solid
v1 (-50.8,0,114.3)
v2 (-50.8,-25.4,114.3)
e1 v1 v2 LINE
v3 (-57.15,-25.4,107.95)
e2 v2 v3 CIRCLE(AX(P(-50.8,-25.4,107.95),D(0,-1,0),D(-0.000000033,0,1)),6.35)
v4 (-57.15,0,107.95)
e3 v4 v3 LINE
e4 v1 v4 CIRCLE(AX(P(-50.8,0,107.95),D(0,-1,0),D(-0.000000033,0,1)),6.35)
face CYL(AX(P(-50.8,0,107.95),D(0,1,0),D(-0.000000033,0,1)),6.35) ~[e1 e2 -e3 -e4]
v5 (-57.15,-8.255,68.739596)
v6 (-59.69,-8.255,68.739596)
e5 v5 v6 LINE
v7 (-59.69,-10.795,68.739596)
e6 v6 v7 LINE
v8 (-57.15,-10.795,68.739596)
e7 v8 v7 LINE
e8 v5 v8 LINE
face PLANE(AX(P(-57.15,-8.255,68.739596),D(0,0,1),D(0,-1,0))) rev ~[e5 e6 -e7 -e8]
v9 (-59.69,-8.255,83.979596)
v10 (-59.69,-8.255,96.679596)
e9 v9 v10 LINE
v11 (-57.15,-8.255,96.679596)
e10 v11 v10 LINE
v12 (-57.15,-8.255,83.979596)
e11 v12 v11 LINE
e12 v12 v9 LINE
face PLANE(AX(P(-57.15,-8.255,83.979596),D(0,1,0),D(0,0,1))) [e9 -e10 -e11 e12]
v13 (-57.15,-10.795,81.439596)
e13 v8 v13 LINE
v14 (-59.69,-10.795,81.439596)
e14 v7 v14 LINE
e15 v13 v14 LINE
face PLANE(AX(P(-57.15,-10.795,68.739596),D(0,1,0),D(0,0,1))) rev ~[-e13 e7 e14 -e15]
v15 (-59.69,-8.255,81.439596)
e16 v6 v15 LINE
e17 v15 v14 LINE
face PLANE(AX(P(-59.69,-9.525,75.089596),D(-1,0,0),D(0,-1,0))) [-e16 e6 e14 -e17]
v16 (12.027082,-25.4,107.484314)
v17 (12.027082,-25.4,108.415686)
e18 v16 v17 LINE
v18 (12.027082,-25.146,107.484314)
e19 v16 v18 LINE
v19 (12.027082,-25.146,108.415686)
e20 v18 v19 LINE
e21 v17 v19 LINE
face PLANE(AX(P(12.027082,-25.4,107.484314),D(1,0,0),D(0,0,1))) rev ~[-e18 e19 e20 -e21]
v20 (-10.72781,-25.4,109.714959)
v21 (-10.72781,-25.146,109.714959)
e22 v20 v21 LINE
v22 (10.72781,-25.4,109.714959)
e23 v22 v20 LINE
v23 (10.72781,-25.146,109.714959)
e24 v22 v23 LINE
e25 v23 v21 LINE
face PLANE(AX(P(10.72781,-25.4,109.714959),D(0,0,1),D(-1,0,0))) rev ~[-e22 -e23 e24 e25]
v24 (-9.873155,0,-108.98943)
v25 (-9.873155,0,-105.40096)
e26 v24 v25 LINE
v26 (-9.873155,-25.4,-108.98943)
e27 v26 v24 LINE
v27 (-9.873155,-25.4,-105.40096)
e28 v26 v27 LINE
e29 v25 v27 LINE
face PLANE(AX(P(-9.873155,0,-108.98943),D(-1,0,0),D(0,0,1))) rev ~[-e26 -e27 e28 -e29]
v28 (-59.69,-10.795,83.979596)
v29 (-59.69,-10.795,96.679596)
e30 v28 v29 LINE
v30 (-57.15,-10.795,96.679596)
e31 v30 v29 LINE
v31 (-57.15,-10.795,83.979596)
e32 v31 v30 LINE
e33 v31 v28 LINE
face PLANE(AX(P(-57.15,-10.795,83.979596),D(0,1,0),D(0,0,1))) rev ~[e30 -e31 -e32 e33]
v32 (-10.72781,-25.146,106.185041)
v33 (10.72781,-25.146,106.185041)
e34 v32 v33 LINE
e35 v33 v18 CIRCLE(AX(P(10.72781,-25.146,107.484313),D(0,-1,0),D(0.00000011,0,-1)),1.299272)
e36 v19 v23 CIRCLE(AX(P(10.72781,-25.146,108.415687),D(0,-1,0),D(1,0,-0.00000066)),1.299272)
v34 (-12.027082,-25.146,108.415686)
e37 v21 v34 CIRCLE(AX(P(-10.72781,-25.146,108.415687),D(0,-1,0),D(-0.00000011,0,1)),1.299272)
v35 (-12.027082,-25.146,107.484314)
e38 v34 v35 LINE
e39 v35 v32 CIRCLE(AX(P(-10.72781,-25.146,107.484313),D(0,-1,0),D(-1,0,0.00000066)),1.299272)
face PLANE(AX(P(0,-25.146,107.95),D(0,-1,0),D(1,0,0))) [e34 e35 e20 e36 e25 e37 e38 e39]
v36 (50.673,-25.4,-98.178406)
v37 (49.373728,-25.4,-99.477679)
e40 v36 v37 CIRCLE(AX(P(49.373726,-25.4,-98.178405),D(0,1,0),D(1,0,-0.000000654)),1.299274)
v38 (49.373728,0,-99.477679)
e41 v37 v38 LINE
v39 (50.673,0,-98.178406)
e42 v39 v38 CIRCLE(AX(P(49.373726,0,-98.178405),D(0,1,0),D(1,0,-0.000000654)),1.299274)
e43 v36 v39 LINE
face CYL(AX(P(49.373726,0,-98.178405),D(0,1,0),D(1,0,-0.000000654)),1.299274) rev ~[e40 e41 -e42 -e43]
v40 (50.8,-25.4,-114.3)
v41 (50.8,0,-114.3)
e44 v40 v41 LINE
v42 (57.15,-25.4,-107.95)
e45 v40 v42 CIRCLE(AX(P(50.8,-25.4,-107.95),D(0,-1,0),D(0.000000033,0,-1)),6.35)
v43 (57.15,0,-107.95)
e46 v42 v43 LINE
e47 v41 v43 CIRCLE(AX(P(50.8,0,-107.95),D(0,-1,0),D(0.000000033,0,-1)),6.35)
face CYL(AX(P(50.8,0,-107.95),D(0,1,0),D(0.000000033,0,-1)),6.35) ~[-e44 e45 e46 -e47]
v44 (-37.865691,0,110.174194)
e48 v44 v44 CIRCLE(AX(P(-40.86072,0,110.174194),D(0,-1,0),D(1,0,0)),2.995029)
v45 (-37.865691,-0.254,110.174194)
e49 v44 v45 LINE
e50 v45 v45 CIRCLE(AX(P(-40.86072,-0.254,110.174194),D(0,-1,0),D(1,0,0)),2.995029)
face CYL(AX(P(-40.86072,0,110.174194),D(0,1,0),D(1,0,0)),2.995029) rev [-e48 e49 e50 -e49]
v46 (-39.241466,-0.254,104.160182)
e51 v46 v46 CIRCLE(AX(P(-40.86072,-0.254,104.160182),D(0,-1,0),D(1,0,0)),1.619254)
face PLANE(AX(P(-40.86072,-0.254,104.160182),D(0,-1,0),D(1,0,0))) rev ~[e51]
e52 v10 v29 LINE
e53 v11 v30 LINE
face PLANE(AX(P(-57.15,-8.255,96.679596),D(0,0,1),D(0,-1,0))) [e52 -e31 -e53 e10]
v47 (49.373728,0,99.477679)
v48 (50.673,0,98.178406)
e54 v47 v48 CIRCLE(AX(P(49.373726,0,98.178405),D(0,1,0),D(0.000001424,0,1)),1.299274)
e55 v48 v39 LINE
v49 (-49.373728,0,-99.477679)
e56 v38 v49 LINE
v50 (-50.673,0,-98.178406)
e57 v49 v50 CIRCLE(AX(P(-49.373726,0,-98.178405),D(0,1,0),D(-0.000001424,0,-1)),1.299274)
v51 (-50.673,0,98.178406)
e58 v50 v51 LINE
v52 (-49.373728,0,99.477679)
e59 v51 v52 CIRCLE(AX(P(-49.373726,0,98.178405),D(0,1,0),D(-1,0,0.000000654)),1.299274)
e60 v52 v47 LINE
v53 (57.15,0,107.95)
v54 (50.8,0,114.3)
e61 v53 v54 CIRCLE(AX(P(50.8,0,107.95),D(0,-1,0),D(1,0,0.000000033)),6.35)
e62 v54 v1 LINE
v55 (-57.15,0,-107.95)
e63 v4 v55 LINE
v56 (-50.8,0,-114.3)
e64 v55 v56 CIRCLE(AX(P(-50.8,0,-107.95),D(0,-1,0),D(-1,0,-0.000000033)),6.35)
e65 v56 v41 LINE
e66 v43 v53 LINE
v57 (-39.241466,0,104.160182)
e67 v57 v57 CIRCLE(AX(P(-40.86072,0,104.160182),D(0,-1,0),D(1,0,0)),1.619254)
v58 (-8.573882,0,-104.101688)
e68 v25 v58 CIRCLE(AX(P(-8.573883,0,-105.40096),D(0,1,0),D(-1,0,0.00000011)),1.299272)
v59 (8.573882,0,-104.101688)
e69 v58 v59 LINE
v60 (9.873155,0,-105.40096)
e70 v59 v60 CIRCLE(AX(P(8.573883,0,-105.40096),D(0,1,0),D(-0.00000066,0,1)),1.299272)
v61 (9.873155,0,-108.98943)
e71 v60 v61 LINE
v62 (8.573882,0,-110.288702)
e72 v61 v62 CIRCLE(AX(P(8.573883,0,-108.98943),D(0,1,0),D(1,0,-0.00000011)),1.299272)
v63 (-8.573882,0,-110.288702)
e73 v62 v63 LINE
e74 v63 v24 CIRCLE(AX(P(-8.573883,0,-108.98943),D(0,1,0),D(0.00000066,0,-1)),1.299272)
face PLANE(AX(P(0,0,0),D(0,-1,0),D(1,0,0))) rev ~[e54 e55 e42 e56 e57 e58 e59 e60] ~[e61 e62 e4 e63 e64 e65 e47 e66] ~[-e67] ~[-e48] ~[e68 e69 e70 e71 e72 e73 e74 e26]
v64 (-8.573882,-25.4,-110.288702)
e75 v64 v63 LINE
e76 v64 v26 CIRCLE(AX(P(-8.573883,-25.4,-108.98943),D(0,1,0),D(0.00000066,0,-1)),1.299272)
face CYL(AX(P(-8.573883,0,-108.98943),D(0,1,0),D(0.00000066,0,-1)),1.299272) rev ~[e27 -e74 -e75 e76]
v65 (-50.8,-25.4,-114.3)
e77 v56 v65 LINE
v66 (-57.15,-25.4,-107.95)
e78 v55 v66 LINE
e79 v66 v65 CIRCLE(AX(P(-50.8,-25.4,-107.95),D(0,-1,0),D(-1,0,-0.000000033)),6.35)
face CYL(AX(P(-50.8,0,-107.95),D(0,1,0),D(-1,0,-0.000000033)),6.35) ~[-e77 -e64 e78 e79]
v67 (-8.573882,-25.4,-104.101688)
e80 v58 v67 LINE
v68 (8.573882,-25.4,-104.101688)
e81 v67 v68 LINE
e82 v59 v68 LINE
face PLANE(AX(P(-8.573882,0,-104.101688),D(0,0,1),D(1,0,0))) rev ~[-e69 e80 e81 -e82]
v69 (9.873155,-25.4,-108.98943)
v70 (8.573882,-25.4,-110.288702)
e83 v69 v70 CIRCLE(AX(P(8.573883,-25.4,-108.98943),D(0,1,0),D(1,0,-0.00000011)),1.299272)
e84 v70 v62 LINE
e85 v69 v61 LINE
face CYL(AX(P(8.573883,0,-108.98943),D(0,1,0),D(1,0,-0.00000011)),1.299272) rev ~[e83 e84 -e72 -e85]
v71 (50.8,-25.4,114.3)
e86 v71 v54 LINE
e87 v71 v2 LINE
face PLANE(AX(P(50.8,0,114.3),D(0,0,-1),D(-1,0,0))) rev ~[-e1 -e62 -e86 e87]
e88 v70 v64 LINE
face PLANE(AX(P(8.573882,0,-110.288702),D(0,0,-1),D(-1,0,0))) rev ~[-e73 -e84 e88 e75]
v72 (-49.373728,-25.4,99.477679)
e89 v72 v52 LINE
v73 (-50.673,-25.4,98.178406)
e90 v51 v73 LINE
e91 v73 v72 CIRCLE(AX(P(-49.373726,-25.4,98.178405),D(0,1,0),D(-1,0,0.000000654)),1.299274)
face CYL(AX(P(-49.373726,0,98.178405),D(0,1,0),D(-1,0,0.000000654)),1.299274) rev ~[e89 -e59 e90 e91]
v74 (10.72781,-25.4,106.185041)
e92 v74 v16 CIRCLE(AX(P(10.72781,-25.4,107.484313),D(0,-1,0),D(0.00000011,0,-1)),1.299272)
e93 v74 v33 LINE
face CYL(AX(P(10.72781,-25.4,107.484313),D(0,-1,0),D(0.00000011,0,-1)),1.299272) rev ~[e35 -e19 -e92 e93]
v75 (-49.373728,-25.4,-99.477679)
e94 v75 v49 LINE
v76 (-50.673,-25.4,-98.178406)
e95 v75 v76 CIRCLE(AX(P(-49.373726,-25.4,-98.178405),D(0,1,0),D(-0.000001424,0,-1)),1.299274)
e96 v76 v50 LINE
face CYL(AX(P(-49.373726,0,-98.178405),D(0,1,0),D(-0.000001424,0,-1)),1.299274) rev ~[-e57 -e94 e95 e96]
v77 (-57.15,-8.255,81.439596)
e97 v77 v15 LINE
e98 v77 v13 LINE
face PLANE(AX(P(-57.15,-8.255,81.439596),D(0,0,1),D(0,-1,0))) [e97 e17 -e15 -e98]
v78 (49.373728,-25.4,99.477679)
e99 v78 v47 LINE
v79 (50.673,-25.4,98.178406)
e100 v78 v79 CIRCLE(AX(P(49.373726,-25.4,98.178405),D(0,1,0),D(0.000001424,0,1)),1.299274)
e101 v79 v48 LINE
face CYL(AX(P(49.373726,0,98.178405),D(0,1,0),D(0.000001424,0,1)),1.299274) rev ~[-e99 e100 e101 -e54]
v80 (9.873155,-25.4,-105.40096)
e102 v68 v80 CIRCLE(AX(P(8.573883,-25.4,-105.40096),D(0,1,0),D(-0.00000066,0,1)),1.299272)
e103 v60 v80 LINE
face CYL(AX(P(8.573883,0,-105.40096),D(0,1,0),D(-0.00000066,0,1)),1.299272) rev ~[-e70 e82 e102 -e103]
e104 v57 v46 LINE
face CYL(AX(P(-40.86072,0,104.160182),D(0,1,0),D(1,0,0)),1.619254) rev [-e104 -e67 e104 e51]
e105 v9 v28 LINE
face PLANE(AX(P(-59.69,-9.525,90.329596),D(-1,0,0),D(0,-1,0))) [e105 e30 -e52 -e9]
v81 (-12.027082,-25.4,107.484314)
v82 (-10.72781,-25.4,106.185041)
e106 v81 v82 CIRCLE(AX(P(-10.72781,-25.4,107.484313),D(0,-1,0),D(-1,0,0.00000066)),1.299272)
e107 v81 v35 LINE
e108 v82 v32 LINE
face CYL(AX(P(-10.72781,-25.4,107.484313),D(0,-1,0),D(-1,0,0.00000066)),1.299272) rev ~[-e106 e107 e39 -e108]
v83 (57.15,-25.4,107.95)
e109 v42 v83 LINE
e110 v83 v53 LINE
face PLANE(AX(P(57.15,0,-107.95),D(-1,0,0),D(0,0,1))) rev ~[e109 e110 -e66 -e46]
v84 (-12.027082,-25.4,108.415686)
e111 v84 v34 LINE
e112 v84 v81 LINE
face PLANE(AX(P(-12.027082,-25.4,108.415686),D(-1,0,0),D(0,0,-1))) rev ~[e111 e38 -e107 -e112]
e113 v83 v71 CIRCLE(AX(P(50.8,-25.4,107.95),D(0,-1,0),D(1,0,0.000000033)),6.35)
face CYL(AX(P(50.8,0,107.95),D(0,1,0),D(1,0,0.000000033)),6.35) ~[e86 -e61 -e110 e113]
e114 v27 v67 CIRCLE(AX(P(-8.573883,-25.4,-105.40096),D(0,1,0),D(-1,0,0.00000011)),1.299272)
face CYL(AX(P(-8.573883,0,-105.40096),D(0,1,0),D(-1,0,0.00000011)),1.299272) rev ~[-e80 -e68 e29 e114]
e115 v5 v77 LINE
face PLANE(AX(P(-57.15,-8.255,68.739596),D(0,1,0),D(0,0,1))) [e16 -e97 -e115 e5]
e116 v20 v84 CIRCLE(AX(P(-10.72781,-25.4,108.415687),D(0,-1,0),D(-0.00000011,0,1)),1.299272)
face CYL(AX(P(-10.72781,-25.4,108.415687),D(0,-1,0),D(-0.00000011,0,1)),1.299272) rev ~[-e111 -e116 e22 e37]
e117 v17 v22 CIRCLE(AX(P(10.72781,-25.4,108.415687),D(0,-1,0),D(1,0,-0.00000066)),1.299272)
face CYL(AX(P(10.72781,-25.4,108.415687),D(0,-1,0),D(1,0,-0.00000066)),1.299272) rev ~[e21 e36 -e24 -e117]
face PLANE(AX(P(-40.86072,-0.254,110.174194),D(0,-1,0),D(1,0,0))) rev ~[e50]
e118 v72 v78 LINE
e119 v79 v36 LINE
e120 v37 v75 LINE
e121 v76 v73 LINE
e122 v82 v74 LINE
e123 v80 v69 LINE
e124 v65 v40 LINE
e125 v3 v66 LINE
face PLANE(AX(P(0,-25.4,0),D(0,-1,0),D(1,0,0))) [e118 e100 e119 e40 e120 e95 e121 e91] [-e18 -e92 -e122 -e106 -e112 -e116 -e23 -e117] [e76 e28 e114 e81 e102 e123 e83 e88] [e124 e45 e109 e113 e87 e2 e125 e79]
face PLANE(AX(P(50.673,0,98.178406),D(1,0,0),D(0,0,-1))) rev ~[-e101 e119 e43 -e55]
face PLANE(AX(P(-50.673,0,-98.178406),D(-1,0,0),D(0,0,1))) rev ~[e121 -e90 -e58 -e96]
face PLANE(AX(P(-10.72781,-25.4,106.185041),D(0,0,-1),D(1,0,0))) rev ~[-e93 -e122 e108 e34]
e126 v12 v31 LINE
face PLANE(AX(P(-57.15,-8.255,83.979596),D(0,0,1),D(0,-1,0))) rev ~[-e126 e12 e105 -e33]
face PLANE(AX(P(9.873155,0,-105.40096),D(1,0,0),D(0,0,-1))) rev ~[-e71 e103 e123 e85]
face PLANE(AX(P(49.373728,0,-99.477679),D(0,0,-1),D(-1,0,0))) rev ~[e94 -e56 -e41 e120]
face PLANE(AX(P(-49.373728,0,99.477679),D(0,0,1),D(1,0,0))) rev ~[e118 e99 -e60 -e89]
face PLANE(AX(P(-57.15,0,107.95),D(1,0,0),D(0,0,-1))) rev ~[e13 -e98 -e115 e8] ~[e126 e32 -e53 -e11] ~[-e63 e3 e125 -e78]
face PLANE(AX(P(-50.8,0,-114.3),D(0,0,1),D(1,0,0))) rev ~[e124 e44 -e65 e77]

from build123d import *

# Parameters (mm, degrees)
F1_DEPTH = 19.05
F2_W     = 2.54
F2_H     = 12.7
F3_DEPTH = 2.54
F4_DEPTH = 25.4
F5_DEPTH = 25.4
F7_DEPTH = 0.254
F8_R     = 2.995029
F8_R_2   = 1.619254
F9_DEPTH = 0.254


with BuildPart() as f1:
    # F0 (on Front) → F1 (new body)
    with BuildSketch(Plane.XZ):
        with BuildLine():
            Line((50.8, 114.3), (-50.8, 114.3))
            ThreePointArc((-50.8, 114.3), (-55.290128, 112.440128), (-57.15, 107.95))
            Line((-57.15, 107.95), (-57.15, -107.95))
            ThreePointArc((-57.15, -107.95), (-55.290128, -112.440128), (-50.8, -114.3))
            Line((-50.8, -114.3), (50.8, -114.3))
            ThreePointArc((50.8, -114.3), (55.290128, -112.440128), (57.15, -107.95))
            Line((57.15, -107.95), (57.15, 107.95))
            ThreePointArc((57.15, 107.95), (55.290128, 112.440128), (50.8, 114.3))
        make_face()
        with BuildLine():
            ThreePointArc((-9.873155, -105.40096), (-9.492607, -104.482236), (-8.573882, -104.101688))
            Line((-8.573882, -104.101688), (8.573882, -104.101688))
            ThreePointArc((8.573882, -104.101688), (9.492607, -104.482236), (9.873155, -105.40096))
            Line((9.873155, -105.40096), (9.873155, -108.98943))
            ThreePointArc((9.873155, -108.98943), (9.492607, -109.908154), (8.573882, -110.288702))
            Line((8.573882, -110.288702), (-8.573882, -110.288702))
            ThreePointArc((-8.573882, -110.288702), (-9.492607, -109.908154), (-9.873155, -108.98943))
            Line((-9.873155, -108.98943), (-9.873155, -105.40096))
        make_face(mode=Mode.SUBTRACT)
        with BuildLine():
            ThreePointArc((-50.673, 98.178406), (-50.292452, 99.09713), (-49.373728, 99.477679))
            Line((-49.373728, 99.477679), (49.373728, 99.477679))
            ThreePointArc((49.373728, 99.477679), (50.292452, 99.09713), (50.673, 98.178406))
            Line((50.673, 98.178406), (50.673, -98.178406))
            ThreePointArc((50.673, -98.178406), (50.292452, -99.09713), (49.373728, -99.477679))
            Line((49.373728, -99.477679), (-49.373728, -99.477679))
            ThreePointArc((-49.373728, -99.477679), (-50.292452, -99.09713), (-50.673, -98.178406))
            Line((-50.673, -98.178406), (-50.673, 98.178406))
        make_face(mode=Mode.SUBTRACT)
    extrude(amount=F1_DEPTH)

    # F2 (on face) → F3 (join)
    with BuildSketch(Plane(origin=(-57.15, 0, 0), x_dir=(0, -1, 0), z_dir=(-1, 0, 0))):
        with Locations((9.525, 90.329596)):
            Rectangle(F2_W, F2_H)
        with Locations((9.525, 75.089596)):
            Rectangle(F2_W, F2_H)
    extrude(amount=F3_DEPTH)

    # F0 (on Front) → F4 (join)
    with BuildSketch(Plane.XZ):
        with BuildLine():
            Line((50.8, 114.3), (-50.8, 114.3))
            ThreePointArc((-50.8, 114.3), (-55.290128, 112.440128), (-57.15, 107.95))
            Line((-57.15, 107.95), (-57.15, -107.95))
            ThreePointArc((-57.15, -107.95), (-55.290128, -112.440128), (-50.8, -114.3))
            Line((-50.8, -114.3), (50.8, -114.3))
            ThreePointArc((50.8, -114.3), (55.290128, -112.440128), (57.15, -107.95))
            Line((57.15, -107.95), (57.15, 107.95))
            ThreePointArc((57.15, 107.95), (55.290128, 112.440128), (50.8, 114.3))
        make_face()
        with BuildLine():
            ThreePointArc((-9.873155, -105.40096), (-9.492607, -104.482236), (-8.573882, -104.101688))
            Line((-8.573882, -104.101688), (8.573882, -104.101688))
            ThreePointArc((8.573882, -104.101688), (9.492607, -104.482236), (9.873155, -105.40096))
            Line((9.873155, -105.40096), (9.873155, -108.98943))
            ThreePointArc((9.873155, -108.98943), (9.492607, -109.908154), (8.573882, -110.288702))
            Line((8.573882, -110.288702), (-8.573882, -110.288702))
            ThreePointArc((-8.573882, -110.288702), (-9.492607, -109.908154), (-9.873155, -108.98943))
            Line((-9.873155, -108.98943), (-9.873155, -105.40096))
        make_face(mode=Mode.SUBTRACT)
        with BuildLine():
            ThreePointArc((-50.673, 98.178406), (-50.292452, 99.09713), (-49.373728, 99.477679))
            Line((-49.373728, 99.477679), (49.373728, 99.477679))
            ThreePointArc((49.373728, 99.477679), (50.292452, 99.09713), (50.673, 98.178406))
            Line((50.673, 98.178406), (50.673, -98.178406))
            ThreePointArc((50.673, -98.178406), (50.292452, -99.09713), (49.373728, -99.477679))
            Line((49.373728, -99.477679), (-49.373728, -99.477679))
            ThreePointArc((-49.373728, -99.477679), (-50.292452, -99.09713), (-50.673, -98.178406))
            Line((-50.673, -98.178406), (-50.673, 98.178406))
        make_face(mode=Mode.SUBTRACT)
    extrude(amount=F4_DEPTH)

    # F0 (on Front) → F5 (join)
    with BuildSketch(Plane.XZ):
        with BuildLine():
            Line((50.8, 114.3), (-50.8, 114.3))
            ThreePointArc((-50.8, 114.3), (-55.290128, 112.440128), (-57.15, 107.95))
            Line((-57.15, 107.95), (-57.15, -107.95))
            ThreePointArc((-57.15, -107.95), (-55.290128, -112.440128), (-50.8, -114.3))
            Line((-50.8, -114.3), (50.8, -114.3))
            ThreePointArc((50.8, -114.3), (55.290128, -112.440128), (57.15, -107.95))
            Line((57.15, -107.95), (57.15, 107.95))
            ThreePointArc((57.15, 107.95), (55.290128, 112.440128), (50.8, 114.3))
        make_face()
        with BuildLine():
            ThreePointArc((-9.873155, -105.40096), (-9.492607, -104.482236), (-8.573882, -104.101688))
            Line((-8.573882, -104.101688), (8.573882, -104.101688))
            ThreePointArc((8.573882, -104.101688), (9.492607, -104.482236), (9.873155, -105.40096))
            Line((9.873155, -105.40096), (9.873155, -108.98943))
            ThreePointArc((9.873155, -108.98943), (9.492607, -109.908154), (8.573882, -110.288702))
            Line((8.573882, -110.288702), (-8.573882, -110.288702))
            ThreePointArc((-8.573882, -110.288702), (-9.492607, -109.908154), (-9.873155, -108.98943))
            Line((-9.873155, -108.98943), (-9.873155, -105.40096))
        make_face(mode=Mode.SUBTRACT)
        with BuildLine():
            ThreePointArc((-50.673, 98.178406), (-50.292452, 99.09713), (-49.373728, 99.477679))
            Line((-49.373728, 99.477679), (49.373728, 99.477679))
            ThreePointArc((49.373728, 99.477679), (50.292452, 99.09713), (50.673, 98.178406))
            Line((50.673, 98.178406), (50.673, -98.178406))
            ThreePointArc((50.673, -98.178406), (50.292452, -99.09713), (49.373728, -99.477679))
            Line((49.373728, -99.477679), (-49.373728, -99.477679))
            ThreePointArc((-49.373728, -99.477679), (-50.292452, -99.09713), (-50.673, -98.178406))
            Line((-50.673, -98.178406), (-50.673, 98.178406))
        make_face(mode=Mode.SUBTRACT)
    extrude(amount=F5_DEPTH)

    # F6 (on face) → F7 (cut)
    with BuildSketch(Plane.XZ.offset(25.4)):
        with BuildLine():
            ThreePointArc((-12.027082, 107.484314), (-11.646534, 106.565589), (-10.72781, 106.185041))
            Line((-10.72781, 106.185041), (10.72781, 106.185041))
            ThreePointArc((10.72781, 106.185041), (11.646534, 106.565589), (12.027082, 107.484314))
            Line((12.027082, 107.484314), (12.027082, 108.415686))
            ThreePointArc((12.027082, 108.415686), (11.646534, 109.334411), (10.72781, 109.714959))
            Line((10.72781, 109.714959), (-10.72781, 109.714959))
            ThreePointArc((-10.72781, 109.714959), (-11.646534, 109.334411), (-12.027082, 108.415686))
            Line((-12.027082, 108.415686), (-12.027082, 107.484314))
        make_face()
    extrude(amount=-F7_DEPTH, mode=Mode.SUBTRACT)

    # F8 (on face) → F9 (cut)
    with BuildSketch(Plane.XZ):
        with Locations((-40.86072, 110.174194)):
            Circle(F8_R)
        with Locations((-40.86072, 104.160182)):
            Circle(F8_R_2)
    extrude(amount=F9_DEPTH, mode=Mode.SUBTRACT)


solid = f1.part
